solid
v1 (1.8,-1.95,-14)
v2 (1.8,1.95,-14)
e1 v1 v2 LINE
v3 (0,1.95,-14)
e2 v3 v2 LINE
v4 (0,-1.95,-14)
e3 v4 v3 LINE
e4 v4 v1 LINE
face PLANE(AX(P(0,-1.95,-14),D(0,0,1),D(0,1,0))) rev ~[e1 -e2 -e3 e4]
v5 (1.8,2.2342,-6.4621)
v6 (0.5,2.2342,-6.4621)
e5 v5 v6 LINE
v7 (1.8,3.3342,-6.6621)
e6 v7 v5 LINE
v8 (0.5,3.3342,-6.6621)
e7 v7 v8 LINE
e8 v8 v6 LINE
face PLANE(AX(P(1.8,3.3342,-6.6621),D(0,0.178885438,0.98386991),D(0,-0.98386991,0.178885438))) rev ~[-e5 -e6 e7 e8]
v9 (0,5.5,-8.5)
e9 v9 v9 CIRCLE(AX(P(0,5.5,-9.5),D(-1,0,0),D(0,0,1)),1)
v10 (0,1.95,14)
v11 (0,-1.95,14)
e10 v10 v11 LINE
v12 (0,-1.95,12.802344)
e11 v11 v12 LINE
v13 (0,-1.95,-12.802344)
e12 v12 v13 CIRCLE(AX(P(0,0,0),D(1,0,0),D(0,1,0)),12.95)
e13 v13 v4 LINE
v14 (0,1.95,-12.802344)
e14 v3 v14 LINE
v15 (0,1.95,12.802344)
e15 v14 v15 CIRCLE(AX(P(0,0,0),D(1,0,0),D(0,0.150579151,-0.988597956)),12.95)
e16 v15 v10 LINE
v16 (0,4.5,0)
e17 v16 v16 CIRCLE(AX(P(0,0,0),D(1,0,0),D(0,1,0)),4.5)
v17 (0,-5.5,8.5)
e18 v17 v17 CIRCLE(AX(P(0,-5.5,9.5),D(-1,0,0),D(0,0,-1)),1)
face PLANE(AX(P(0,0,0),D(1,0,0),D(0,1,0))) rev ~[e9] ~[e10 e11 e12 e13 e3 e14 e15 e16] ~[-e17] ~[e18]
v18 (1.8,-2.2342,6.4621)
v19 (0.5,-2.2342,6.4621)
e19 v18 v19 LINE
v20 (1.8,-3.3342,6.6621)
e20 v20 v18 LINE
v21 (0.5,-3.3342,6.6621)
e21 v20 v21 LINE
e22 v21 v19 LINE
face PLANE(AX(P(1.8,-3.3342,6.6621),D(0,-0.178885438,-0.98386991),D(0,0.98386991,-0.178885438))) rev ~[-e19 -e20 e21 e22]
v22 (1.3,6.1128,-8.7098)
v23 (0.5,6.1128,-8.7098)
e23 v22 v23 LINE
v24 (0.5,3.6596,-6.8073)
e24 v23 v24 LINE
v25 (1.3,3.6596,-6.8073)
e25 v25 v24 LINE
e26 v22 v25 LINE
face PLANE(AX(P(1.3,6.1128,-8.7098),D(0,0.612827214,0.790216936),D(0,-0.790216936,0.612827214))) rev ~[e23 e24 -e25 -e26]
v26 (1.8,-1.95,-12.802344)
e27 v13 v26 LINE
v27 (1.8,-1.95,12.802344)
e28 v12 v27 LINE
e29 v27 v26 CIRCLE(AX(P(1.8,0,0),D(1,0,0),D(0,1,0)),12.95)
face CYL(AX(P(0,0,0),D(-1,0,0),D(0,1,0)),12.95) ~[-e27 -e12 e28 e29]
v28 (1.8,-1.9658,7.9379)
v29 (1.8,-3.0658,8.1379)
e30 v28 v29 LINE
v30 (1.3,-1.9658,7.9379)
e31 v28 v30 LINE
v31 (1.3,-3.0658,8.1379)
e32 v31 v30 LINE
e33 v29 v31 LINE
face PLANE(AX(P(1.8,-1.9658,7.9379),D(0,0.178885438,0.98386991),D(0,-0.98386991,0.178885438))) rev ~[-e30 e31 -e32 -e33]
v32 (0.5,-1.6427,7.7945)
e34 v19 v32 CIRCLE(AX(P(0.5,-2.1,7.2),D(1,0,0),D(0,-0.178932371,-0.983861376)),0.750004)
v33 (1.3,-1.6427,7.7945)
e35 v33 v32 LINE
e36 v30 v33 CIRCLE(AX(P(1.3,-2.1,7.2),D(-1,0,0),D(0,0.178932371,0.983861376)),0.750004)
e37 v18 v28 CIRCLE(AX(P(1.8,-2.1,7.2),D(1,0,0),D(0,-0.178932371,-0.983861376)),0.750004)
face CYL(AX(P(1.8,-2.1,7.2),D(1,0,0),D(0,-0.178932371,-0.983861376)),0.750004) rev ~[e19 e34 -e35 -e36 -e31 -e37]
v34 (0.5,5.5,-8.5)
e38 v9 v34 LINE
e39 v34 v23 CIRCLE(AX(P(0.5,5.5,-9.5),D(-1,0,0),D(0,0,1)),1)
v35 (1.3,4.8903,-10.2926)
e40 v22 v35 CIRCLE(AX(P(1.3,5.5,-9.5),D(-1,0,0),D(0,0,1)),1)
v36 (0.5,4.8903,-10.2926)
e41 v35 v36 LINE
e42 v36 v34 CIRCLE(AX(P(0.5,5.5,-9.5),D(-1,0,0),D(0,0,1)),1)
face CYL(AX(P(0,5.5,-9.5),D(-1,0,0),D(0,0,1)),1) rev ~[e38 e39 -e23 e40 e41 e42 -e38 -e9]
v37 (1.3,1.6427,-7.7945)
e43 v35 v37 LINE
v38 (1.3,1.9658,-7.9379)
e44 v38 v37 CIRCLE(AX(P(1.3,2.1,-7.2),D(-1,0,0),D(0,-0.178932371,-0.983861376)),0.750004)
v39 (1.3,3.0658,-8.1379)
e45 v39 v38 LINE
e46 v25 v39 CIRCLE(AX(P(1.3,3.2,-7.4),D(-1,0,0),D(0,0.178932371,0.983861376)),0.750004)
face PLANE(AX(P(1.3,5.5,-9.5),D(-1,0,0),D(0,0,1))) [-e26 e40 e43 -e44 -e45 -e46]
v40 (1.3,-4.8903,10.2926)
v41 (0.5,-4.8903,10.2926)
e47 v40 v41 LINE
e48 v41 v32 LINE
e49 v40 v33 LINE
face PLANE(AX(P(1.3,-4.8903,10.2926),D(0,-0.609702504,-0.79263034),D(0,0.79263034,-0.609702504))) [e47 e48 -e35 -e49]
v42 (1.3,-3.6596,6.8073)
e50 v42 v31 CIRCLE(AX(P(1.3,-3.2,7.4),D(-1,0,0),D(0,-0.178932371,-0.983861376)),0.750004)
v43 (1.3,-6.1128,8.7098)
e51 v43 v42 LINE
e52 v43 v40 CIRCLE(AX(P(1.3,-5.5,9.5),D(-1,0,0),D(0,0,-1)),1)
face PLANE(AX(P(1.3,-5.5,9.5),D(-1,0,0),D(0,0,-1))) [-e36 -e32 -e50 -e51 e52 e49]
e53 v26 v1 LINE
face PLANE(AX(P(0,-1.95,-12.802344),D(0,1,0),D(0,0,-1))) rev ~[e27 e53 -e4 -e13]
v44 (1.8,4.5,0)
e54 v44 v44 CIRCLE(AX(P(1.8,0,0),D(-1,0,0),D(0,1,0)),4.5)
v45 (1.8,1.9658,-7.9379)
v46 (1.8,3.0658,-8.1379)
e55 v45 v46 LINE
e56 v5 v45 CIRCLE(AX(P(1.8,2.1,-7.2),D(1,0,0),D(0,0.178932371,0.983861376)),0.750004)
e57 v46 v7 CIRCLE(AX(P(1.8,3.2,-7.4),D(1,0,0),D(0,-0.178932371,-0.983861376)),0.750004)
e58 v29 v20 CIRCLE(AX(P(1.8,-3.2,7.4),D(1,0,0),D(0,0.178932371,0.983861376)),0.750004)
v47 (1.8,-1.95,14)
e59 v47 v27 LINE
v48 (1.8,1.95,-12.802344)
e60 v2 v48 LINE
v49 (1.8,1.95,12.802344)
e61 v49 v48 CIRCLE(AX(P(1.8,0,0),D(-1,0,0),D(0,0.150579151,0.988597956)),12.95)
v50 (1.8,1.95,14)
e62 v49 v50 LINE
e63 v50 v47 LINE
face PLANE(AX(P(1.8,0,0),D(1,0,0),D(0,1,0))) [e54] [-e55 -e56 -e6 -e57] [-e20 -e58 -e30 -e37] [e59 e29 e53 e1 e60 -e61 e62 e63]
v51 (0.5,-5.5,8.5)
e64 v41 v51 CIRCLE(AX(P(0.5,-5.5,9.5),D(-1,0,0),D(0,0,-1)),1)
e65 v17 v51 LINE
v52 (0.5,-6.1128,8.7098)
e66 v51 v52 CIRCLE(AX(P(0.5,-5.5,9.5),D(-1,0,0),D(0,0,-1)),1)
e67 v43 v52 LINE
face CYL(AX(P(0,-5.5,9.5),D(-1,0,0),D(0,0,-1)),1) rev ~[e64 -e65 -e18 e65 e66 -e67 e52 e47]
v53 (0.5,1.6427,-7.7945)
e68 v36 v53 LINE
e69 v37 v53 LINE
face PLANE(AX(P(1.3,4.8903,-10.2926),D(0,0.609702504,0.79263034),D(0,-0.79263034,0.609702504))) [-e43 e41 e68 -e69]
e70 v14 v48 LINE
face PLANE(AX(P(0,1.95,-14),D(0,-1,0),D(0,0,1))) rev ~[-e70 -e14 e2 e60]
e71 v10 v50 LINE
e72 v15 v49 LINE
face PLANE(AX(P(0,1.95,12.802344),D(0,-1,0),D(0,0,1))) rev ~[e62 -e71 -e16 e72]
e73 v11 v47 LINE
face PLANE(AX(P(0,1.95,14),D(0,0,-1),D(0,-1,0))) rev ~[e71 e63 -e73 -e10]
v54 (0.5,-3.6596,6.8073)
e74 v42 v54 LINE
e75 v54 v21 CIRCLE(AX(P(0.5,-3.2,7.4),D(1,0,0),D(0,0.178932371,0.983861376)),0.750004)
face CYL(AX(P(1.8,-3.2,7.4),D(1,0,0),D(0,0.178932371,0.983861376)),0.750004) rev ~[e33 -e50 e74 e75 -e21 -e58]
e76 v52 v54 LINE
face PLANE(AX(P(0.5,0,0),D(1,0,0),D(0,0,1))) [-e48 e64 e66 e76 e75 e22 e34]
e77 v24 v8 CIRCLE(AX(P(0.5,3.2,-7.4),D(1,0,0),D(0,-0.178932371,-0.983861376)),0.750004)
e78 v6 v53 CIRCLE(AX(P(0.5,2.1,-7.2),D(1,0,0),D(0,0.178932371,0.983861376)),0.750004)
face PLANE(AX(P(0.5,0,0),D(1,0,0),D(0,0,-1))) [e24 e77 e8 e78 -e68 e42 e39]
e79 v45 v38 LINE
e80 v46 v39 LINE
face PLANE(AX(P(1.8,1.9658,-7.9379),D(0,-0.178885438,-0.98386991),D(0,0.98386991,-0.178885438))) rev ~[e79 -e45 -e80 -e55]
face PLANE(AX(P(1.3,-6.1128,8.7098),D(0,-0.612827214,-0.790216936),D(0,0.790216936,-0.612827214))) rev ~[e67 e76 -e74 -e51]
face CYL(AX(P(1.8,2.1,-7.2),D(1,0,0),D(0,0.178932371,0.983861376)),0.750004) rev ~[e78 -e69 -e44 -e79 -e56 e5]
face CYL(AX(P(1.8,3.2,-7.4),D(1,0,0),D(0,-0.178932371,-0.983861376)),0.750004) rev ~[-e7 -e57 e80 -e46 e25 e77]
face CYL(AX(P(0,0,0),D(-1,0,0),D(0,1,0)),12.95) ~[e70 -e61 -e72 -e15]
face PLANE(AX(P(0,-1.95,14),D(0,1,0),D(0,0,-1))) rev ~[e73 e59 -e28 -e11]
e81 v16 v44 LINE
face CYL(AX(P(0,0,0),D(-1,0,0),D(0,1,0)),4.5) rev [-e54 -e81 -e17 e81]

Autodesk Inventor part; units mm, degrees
ref_plane "YZ Plane" through (0, 0, 0) normal (1, 0, 0) x (0, 1, 0)
ref_plane "XZ Plane" through (0, 0, 0) normal (0, 1, 0) x (-1, 0, 0)
ref_plane "XY Plane" through (0, 0, 0) normal (0, 0, 1) x (1, 0, 0)
sketch "Sketch1" plane through (0, 0, 0) normal (1, 0, 0) x (0, 1, 0)
  circle A0 centre (0, 0) radius 12.95
  line L0 (-1.95, -14) -> (1.95, -14)
  line L1 (1.95, -14) -> (1.95, 14)
  line L2 (1.95, 14) -> (-1.95, 14)
  line L3 (-1.95, 14) -> (-1.95, -14)
  line L4 (-1.95, -14) -> (1.95, 14) construction
  line L5 (1.95, -14) -> (-1.95, 14) construction
  circle A1 centre (0, 0) radius 4.5
  point P0 (1.95, -12.8023)
  point P1 (1.95, 12.8023)
  point P2 (-1.95, 12.8023)
  point P3 (-1.95, -12.8023)
  dimension "d0" = 3.9
  dimension "d1" = 25.9
  dimension "d2" = 28
  dimension "d5" = 9
extrude "Extrusion1" add sketch "Sketch1" along normal blind 1.8 contours A0 L1 A1 | L1 A1 L3 A0 | A0 L3 L2 L1 | L1 L0 L3 A0 | A0 L3 A1 L1 | L3 A1 A0
sketch "Sketch2" plane through (1.8, 0, 0) normal (1, 0, 0) x (0, 0, -1)
  line L0 (7.4, 3.2) -> (7.2, 2.1) construction
  line L1 (6.6621, 3.3342) -> (6.4621, 2.2342)
  line L2 (7.9379, 1.9658) -> (8.1379, 3.0658)
  arc A0 (8.1379, 3.0658) -> (6.6621, 3.3342) centre (7.4, 3.2) ccw
  arc A1 (6.4621, 2.2342) -> (7.9379, 1.9658) centre (7.2, 2.1) ccw
  point P0 (0, 0)
  point P1 (7.3, 2.65)
  dimension "d6" = 0.75
  dimension "d9" = 7.2
  dimension "d10" = 2.1
  dimension "d11" = 7.4
  dimension "d12" = 3.2
extrude "Extrusion2" cut sketch "Sketch2" against normal blind 1.3
sketch "Sketch3" plane through (0, 0, 0) normal (-1, 0, 0) x (0, 0, 1)
  arc A0 (-7.9379, 1.9658) -> (-6.4621, 2.2342) centre (-7.2, 2.1) ccw construction
  line L0 (-8.1379, 3.0658) -> (-7.9379, 1.9658) construction
  arc A1 (-6.6621, 3.3342) -> (-8.1379, 3.0658) centre (-7.4, 3.2) ccw construction
  line L1 (-6.4621, 2.2342) -> (-6.6621, 3.3342) construction
  circle A2 centre (0, 0) radius 9 construction
  line L2 (-7.4, 3.2) -> (-7.2, 2.1) construction
  circle A3 centre (-9.5, 5.5) radius 1
  dimension "d13" = 18
  dimension "d17" = 9.5
  dimension "d18" = 5.5
  dimension "d19" = 2
extrude "Extrusion3" cut sketch "Sketch3" against normal blind 1.3
sketch "Sketch4" plane through (1.3, 5.5, -9.5) normal (-1, 0, 0) x (0, 0, 1)
  circle A0 centre (0, 0) radius 1 projected
  arc A1 (1.5621, -3.5342) -> (3.0379, -3.2658) centre (2.3, -3.4) ccw projected
  line L0 (1.3621, -2.4342) -> (1.5621, -3.5342) projected
  arc A2 (2.8379, -2.1658) -> (1.3621, -2.4342) centre (2.1, -2.3) ccw projected
  line L1 (3.0379, -3.2658) -> (2.8379, -2.1658) projected
  line L2 (0.7902, 0.6128) -> (2.6927, -1.8404)
  arc A3 (2.8379, -2.1658) -> (1.3621, -2.4342) centre (2.1, -2.3) ccw projected
  circle A4 centre (0, 0) radius 1 projected
  line L3 (-0.7926, -0.6097) -> (1.7055, -3.8573)
  arc A5 (1.5621, -3.5342) -> (3.0379, -3.2658) centre (2.3, -3.4) ccw projected
  circle A6 centre (0, 0) radius 1 projected
  point P0 (9.5, -5.5)
  point P1 (2.6927, -1.8404)
  point P2 (-0.7926, -0.6097)
extrude "Extrusion4" cut sketch "Sketch4" along normal up to surface (0.8 mm away) contours A0 L2 A2 L0 A1 L3
pattern_circular "Circular Pattern1" count 2 over 360 about axis through (0, 0, 0) along (1, 0, 0) of "Extrusion2", "Extrusion3", "Extrusion4"
properties part number "ValvePlate"
